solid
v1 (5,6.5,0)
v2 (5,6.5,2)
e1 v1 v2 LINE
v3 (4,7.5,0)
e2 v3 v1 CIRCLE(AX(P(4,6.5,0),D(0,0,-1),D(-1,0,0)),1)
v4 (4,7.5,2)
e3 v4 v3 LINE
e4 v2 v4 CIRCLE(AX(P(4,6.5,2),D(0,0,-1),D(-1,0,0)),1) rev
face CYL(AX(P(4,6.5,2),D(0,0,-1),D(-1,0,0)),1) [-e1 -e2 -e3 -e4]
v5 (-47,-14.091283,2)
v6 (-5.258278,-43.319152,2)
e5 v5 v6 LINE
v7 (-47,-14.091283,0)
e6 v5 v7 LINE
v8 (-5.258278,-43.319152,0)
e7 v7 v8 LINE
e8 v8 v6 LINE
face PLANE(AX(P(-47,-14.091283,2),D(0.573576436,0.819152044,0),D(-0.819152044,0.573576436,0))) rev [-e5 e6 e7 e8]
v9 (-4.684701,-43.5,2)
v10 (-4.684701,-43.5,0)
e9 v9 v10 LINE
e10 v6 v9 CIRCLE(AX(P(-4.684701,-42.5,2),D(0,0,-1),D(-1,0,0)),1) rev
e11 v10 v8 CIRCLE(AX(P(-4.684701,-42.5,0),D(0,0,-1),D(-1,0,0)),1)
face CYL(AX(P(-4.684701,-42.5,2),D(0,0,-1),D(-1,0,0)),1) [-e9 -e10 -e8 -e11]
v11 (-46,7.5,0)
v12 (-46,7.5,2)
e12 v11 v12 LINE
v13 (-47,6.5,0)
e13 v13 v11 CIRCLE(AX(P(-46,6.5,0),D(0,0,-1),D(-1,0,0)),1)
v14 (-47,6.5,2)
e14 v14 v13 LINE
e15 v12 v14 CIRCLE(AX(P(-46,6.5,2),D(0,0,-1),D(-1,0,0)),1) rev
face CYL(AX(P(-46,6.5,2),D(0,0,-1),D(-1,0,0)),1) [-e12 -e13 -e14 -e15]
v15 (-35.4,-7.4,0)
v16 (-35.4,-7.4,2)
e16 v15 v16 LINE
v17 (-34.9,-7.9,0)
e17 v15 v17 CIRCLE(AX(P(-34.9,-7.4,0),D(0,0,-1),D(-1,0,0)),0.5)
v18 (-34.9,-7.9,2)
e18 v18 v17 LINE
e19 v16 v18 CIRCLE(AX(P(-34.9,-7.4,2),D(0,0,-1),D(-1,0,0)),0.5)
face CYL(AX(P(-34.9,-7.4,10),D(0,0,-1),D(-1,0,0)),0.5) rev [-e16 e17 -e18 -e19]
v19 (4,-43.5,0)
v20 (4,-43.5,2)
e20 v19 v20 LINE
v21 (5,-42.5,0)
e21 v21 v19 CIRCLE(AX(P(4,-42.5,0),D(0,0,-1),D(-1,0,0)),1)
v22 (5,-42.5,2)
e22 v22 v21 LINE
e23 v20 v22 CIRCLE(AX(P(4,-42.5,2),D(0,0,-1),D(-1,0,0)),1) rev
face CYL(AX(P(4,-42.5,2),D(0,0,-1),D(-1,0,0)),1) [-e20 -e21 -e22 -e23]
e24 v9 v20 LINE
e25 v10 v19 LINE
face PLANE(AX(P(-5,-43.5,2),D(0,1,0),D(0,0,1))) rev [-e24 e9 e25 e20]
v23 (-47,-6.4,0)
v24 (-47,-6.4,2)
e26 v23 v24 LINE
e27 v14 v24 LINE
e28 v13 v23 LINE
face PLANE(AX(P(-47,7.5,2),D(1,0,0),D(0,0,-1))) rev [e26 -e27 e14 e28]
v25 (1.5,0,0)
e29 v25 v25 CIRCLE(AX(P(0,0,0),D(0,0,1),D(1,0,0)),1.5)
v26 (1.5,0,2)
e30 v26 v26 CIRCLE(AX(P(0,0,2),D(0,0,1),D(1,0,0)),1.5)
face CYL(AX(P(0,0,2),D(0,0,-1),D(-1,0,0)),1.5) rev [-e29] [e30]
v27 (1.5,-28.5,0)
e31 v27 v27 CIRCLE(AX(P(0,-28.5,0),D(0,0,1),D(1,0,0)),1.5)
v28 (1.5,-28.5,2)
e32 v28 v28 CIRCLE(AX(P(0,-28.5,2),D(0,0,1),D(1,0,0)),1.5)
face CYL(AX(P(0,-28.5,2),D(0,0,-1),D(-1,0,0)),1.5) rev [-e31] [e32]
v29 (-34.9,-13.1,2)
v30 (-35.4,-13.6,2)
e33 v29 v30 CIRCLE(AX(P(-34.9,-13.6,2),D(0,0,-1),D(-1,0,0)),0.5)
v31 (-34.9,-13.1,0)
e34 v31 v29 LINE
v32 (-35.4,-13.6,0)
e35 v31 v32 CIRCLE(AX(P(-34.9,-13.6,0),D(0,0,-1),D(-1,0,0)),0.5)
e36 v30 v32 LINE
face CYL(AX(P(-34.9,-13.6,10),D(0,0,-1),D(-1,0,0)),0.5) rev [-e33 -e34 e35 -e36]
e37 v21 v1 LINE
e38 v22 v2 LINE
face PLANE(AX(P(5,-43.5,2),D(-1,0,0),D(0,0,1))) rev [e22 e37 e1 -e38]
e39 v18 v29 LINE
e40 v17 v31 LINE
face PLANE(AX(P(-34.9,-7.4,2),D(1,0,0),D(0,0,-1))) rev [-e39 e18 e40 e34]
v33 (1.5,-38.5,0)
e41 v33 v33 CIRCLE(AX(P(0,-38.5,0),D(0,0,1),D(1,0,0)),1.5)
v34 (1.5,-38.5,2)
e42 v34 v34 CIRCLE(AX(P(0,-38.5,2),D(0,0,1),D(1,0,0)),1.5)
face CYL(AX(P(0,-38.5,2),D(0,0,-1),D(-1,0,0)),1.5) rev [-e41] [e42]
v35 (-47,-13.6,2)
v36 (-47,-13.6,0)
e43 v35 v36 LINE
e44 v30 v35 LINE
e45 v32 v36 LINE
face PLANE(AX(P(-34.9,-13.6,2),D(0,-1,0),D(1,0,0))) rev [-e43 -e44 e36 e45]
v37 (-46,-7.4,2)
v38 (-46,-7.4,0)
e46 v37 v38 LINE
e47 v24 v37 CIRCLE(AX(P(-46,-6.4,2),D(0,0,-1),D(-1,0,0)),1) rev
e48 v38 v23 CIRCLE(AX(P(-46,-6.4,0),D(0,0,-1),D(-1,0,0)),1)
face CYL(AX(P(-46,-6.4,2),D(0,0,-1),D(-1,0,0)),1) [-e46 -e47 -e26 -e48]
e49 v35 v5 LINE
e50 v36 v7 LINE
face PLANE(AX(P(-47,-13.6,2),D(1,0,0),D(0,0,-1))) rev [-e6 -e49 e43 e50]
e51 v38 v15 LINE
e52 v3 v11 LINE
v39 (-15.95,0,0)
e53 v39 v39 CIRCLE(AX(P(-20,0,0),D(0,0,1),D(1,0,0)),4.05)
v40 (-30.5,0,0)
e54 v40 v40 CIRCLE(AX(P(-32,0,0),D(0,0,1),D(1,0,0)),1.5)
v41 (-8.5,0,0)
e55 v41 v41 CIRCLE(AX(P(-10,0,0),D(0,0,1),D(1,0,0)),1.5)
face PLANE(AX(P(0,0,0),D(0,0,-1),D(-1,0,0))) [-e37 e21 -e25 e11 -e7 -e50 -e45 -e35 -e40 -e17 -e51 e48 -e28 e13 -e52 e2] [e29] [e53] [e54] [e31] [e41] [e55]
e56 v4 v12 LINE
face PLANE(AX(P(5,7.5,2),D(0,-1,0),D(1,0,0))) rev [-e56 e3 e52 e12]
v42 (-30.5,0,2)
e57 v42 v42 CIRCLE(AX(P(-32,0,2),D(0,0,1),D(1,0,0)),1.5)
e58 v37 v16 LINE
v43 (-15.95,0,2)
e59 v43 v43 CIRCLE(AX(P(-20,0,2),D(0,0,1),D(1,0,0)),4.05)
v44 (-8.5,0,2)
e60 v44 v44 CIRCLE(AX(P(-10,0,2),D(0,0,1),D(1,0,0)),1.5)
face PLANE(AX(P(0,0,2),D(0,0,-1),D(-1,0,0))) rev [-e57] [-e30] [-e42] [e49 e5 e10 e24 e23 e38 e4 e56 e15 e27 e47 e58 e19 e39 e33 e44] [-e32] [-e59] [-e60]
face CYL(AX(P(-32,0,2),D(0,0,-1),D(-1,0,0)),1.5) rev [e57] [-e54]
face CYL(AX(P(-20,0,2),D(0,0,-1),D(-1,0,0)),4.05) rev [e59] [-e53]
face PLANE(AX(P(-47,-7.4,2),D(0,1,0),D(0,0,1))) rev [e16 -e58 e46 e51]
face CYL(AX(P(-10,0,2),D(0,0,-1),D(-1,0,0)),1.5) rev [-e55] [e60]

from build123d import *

# Parameters (mm, degrees)
SKETCH_1_R          = 1.5
SKETCH_1_R_2        = 4.05
EXTRUDE_1_DEPTH     = 2
SKETCH_2_R          = 0.5
CUT_EXTRUDE_1_DEPTH = 10
FILLET_1_R          = 1


with BuildPart() as part:
    # 草图1 → 凸台-拉伸1 (new body)
    with BuildSketch(Plane.XY):
        Polygon((-47, -14.091283395), (-5, -43.5), (5, -43.5), (5, 7.5), (-47, 7.5), (-47, -7.4), (-34.9, -7.4), (-34.9, -13.6), (-47, -13.6), align=None)
        with Locations((0, -38.5)):
            Circle(SKETCH_1_R, mode=Mode.SUBTRACT)
        with Locations((0, -28.5)):
            Circle(SKETCH_1_R, mode=Mode.SUBTRACT)
        with Locations((-32, 0)):
            Circle(SKETCH_1_R, mode=Mode.SUBTRACT)
        with Locations((-20, 0)):
            Circle(SKETCH_1_R_2, mode=Mode.SUBTRACT)
        with Locations((-10, 0)):
            Circle(SKETCH_1_R, mode=Mode.SUBTRACT)
        Circle(SKETCH_1_R, mode=Mode.SUBTRACT)
    extrude(amount=EXTRUDE_1_DEPTH)

    # 草图2 → 切除-拉伸1 (cut)
    with BuildSketch(Plane(origin=(0, 0, 0), x_dir=(-1, 0, 0), z_dir=(0, 0, -1))):
        with Locations((34.9, -7.4)):
            Circle(SKETCH_2_R)
        with Locations((34.9, -13.6)):
            Circle(SKETCH_2_R)
    extrude(amount=-CUT_EXTRUDE_1_DEPTH, mode=Mode.SUBTRACT)

    # 圆角1
    fillet_1_edges = [part.edges().sort_by_distance(p)[0] for p in [
        (-47, -7.4, 1),
        (-47, 7.5, 1),
        (5, 7.5, 1),
        (5, -43.5, 1),
        (-5, -43.5, 1),
    ]]
    fillet(fillet_1_edges, radius=FILLET_1_R)


solid = part.part
